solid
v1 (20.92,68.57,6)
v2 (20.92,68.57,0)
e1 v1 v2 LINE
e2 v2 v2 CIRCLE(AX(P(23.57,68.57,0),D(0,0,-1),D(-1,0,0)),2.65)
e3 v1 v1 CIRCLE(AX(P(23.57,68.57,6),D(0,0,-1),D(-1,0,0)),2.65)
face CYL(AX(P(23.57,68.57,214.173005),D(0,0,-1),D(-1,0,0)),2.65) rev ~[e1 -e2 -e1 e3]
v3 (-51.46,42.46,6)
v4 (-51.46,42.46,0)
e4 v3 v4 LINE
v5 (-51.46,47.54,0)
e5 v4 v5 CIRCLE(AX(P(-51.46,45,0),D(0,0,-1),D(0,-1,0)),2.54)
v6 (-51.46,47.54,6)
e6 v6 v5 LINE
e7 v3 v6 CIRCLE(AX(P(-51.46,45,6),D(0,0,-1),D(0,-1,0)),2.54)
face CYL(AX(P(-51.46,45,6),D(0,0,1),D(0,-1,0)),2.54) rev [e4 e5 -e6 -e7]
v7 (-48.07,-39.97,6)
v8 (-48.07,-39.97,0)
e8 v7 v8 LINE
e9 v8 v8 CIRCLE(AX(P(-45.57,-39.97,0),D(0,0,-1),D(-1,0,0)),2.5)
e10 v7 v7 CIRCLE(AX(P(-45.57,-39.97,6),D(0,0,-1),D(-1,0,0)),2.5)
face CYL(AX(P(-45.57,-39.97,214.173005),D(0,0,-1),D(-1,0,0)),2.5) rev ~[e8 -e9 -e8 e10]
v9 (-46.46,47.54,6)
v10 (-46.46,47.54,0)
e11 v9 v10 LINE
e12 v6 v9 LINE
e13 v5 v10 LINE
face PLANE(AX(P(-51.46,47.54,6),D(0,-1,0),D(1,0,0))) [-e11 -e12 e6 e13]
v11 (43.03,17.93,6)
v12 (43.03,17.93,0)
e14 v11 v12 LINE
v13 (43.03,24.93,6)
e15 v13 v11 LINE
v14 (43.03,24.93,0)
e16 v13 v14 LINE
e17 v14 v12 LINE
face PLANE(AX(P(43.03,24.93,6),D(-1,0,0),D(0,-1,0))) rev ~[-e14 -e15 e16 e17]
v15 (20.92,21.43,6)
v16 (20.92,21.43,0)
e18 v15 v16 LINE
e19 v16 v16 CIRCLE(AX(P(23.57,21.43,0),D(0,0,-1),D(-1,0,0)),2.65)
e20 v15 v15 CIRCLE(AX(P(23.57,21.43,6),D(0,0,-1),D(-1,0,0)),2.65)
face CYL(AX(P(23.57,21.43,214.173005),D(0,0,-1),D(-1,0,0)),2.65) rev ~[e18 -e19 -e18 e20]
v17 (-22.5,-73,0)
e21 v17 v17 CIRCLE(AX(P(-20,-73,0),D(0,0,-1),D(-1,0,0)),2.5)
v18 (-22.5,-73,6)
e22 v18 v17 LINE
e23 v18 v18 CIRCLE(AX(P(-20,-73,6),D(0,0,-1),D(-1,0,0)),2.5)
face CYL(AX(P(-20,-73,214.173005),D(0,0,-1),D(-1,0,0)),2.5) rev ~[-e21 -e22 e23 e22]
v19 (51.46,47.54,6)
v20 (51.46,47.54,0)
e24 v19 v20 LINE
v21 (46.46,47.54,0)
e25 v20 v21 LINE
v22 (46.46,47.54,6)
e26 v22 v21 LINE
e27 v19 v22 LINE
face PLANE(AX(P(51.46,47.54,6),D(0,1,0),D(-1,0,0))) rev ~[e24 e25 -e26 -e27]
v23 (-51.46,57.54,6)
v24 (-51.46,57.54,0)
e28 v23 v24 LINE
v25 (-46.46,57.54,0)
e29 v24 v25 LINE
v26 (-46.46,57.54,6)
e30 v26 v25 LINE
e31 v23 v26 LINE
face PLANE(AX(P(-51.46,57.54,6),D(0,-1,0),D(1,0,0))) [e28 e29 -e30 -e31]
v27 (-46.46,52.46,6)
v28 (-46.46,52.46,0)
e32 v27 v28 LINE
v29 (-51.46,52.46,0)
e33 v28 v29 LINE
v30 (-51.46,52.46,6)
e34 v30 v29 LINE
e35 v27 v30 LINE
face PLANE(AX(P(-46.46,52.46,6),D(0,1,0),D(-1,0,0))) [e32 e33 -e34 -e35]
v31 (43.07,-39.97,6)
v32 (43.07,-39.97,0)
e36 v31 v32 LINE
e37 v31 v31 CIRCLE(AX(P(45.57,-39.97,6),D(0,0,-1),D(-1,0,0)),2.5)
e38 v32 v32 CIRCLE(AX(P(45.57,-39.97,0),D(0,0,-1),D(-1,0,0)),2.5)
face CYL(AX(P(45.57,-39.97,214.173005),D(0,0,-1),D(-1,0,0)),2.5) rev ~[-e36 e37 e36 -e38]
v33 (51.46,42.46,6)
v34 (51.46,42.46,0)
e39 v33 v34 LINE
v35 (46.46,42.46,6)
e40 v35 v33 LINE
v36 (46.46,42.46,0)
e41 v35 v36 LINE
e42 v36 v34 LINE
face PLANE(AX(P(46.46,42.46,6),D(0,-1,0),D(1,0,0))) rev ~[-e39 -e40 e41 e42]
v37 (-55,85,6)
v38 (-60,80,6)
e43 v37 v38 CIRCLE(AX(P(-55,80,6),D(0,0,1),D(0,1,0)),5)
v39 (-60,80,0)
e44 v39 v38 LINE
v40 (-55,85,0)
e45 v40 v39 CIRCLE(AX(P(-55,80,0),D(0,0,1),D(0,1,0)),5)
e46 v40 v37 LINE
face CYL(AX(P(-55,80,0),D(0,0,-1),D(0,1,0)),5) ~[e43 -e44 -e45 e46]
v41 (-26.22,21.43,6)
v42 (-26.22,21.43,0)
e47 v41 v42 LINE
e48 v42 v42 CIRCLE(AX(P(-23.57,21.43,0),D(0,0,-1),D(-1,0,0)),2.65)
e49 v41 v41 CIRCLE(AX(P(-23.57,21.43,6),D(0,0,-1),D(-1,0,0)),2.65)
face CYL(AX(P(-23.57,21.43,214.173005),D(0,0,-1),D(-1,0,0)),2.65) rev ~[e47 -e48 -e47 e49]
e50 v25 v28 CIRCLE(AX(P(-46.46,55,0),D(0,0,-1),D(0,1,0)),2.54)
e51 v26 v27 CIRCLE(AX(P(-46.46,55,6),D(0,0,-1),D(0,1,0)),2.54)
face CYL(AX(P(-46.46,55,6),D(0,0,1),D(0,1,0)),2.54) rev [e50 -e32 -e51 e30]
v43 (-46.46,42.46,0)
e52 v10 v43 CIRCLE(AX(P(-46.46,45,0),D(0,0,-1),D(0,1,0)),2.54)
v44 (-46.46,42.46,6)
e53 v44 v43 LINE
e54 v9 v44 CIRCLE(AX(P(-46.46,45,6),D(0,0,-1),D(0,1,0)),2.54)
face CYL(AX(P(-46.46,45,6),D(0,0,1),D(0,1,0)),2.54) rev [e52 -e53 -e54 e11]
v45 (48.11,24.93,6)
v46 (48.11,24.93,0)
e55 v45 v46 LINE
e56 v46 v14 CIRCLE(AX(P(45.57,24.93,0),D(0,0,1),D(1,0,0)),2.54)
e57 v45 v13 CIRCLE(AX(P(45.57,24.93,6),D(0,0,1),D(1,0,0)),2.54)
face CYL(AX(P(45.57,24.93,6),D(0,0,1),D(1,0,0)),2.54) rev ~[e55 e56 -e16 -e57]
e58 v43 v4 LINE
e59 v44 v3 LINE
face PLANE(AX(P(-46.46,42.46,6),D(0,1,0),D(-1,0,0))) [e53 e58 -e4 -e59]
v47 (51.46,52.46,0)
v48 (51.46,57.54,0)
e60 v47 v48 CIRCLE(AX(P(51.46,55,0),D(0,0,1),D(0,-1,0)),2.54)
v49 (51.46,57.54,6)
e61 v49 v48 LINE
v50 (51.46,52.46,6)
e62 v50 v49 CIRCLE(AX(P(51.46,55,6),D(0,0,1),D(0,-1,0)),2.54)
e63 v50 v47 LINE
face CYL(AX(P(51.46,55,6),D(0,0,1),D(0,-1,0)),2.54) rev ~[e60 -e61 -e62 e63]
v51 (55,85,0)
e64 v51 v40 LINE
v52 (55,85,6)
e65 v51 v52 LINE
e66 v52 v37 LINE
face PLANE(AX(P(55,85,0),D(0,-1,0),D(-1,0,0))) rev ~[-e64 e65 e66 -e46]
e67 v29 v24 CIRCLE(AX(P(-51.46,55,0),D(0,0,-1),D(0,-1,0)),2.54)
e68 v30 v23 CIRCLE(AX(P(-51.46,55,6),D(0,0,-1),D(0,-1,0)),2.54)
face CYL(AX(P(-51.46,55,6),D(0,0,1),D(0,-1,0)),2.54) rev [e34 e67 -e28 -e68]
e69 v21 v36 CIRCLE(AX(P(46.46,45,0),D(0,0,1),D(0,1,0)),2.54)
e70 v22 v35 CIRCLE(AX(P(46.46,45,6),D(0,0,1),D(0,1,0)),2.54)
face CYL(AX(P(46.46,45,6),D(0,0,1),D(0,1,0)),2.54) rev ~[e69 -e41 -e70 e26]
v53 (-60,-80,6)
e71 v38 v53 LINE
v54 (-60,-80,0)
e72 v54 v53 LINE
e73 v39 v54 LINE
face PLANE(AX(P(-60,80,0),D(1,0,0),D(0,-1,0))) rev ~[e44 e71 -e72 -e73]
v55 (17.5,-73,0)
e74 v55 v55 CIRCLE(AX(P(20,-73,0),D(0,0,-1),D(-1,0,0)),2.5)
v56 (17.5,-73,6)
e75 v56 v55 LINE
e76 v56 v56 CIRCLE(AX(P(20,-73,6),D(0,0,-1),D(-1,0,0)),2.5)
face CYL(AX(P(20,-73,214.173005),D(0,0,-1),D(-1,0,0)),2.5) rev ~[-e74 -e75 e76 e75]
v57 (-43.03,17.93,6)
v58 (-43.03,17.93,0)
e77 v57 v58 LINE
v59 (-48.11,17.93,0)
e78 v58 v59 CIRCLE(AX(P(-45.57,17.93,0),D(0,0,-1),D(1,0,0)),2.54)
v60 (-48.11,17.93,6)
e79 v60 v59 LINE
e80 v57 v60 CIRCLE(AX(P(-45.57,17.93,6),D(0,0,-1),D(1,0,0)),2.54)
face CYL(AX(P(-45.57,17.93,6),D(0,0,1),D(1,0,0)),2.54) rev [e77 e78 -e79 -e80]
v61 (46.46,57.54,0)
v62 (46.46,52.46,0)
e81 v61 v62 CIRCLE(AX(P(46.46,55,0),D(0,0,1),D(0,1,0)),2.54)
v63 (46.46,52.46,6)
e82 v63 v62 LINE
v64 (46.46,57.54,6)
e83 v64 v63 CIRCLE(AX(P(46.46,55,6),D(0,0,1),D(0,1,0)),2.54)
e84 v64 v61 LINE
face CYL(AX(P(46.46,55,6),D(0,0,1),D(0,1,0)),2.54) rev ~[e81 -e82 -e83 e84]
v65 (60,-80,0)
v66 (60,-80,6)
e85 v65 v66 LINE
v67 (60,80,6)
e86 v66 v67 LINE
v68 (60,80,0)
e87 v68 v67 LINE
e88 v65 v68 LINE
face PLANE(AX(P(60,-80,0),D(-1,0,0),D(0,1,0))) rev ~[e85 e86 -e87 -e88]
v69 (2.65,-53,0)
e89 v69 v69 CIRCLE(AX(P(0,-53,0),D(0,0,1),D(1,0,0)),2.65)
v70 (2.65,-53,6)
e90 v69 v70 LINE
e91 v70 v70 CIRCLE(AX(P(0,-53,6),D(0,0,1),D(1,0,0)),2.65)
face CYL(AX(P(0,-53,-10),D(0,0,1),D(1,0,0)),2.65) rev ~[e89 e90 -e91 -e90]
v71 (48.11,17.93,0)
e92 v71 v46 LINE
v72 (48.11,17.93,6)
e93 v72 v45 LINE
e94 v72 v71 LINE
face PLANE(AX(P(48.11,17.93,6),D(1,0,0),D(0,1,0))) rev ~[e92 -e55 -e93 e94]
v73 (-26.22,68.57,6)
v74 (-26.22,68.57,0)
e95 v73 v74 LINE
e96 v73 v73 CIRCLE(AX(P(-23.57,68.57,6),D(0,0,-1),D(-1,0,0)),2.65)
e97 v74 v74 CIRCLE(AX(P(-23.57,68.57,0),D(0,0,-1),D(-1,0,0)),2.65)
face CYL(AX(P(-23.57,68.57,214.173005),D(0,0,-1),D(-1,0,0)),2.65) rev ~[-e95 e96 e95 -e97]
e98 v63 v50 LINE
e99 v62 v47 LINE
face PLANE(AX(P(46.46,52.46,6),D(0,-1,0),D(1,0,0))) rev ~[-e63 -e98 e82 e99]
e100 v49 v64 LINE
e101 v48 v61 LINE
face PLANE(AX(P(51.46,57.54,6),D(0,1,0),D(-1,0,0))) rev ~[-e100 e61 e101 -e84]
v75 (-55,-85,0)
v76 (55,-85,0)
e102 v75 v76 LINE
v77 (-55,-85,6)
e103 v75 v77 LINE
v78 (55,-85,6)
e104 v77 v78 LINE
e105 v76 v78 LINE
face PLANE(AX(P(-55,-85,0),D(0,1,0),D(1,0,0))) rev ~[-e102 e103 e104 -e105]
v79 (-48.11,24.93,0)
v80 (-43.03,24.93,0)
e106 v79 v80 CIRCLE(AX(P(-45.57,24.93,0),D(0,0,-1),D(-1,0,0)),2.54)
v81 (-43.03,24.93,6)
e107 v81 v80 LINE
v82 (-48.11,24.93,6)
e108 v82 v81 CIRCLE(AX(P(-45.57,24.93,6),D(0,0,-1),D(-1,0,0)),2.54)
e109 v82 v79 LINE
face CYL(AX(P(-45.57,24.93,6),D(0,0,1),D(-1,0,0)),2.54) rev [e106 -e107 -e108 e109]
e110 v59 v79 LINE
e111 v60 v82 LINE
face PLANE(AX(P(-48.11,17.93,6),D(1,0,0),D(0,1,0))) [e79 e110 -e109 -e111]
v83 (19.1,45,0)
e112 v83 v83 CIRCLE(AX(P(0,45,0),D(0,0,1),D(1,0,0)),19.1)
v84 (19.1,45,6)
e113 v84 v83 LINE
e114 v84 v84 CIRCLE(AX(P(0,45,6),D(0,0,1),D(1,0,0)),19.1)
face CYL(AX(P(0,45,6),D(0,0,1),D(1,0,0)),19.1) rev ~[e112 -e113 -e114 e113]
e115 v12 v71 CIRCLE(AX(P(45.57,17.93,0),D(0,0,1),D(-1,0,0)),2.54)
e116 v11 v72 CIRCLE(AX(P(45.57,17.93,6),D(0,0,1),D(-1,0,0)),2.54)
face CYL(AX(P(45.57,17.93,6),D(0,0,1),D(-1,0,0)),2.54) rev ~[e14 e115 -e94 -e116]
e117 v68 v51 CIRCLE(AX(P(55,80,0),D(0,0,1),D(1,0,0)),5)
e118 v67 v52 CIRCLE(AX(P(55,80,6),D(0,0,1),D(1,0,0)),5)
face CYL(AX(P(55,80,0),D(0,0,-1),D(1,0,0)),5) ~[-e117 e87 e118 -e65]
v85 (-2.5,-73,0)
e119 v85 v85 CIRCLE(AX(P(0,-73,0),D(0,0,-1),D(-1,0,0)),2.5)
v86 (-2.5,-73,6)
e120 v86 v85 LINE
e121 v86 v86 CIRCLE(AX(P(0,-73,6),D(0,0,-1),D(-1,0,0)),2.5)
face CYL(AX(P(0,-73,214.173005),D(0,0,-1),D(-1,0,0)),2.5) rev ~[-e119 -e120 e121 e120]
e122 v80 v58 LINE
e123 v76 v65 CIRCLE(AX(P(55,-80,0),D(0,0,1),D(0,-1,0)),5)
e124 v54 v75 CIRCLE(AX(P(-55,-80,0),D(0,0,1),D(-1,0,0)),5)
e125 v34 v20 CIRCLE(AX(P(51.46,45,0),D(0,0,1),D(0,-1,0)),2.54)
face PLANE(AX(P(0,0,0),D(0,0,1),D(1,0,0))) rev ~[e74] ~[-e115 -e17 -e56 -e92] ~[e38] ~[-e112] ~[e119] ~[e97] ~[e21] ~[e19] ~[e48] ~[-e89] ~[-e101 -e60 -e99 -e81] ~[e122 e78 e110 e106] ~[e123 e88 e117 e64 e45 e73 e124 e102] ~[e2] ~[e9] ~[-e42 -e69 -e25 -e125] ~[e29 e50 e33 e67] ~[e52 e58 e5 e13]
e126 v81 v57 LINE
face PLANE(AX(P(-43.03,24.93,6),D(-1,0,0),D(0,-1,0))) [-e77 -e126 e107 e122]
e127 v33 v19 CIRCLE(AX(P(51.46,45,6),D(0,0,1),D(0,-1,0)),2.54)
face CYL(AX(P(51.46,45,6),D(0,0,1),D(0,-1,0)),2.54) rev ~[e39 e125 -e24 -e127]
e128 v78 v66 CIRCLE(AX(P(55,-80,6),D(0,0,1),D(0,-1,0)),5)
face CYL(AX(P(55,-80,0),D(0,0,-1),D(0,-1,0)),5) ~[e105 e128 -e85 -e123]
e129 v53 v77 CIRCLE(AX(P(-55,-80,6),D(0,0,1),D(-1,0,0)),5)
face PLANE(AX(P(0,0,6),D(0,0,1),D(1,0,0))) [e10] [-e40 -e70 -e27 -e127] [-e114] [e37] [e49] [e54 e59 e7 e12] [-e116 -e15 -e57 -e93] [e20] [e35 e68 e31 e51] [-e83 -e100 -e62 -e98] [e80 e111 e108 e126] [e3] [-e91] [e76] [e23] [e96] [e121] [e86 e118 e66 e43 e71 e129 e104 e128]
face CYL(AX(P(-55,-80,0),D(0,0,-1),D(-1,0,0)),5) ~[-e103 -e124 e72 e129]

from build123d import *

# Parameters (mm, degrees)
BOSS_EXTRUDE1_DEPTH      = 6
SKETCH3_R                = 19.1
CUT_EXTRUDE1_DEPTH       = 6
M5_CLEARANCE_HOLE1_D     = 5.3
CUT_EXTRUDE2_DEPTH       = 6
CUT_EXTRUDE4_DEPTH       = 6
F_5_0_5_DIAMETER_HOLE4_D = 5
M5_CLEARANCE_HOLE2_D     = 5.3
M5_CLEARANCE_HOLE2_DEPTH = 10
M5_CLEARANCE_HOLE2_TIP   = 1.59228064


with BuildPart() as part:
    # Sketch1 → Boss-Extrude1 (new body)
    with BuildSketch(Plane.XY):
        with BuildLine():
            Line((-55, -85), (55, -85))
            ThreePointArc((55, -85), (58.535533906, -83.535533906), (60, -80))
            Line((60, -80), (60, 80))
            ThreePointArc((60, 80), (58.535533906, 83.535533906), (55, 85))
            Line((55, 85), (-55, 85))
            ThreePointArc((-55, 85), (-58.535533906, 83.535533906), (-60, 80))
            Line((-60, 80), (-60, -80))
            ThreePointArc((-60, -80), (-58.535533906, -83.535533906), (-55, -85))
        make_face()
    extrude(amount=BOSS_EXTRUDE1_DEPTH)

    # Sketch3 → Cut-Extrude1 (cut)
    with BuildSketch(Plane.XY.offset(6)):
        with Locations((0, 45)):
            Circle(SKETCH3_R)
    extrude(amount=-CUT_EXTRUDE1_DEPTH, mode=Mode.SUBTRACT)

    # M5 Clearance Hole1 (through all)
    with Locations(Plane.XY.offset(6)):
        with Locations((-23.57, 68.57), (23.57, 68.57), (23.57, 21.43), (-23.57, 21.43)):
            Hole(M5_CLEARANCE_HOLE1_D / 2)

    # Sketch11 → Cut-Extrude2 (cut)
    with BuildSketch(Plane.XY.offset(6)):
        with BuildLine():
            Line((-43.03, 24.93), (-43.03, 17.93))
            ThreePointArc((-43.03, 17.93), (-45.57, 15.39), (-48.11, 17.93))
            Line((-48.11, 17.93), (-48.11, 24.93))
            ThreePointArc((-48.11, 24.93), (-45.57, 27.47), (-43.03, 24.93))
        make_face()
        with BuildLine():
            Line((43.03, 24.93), (43.03, 17.93))
            ThreePointArc((43.03, 17.93), (45.57, 15.39), (48.11, 17.93))
            Line((48.11, 17.93), (48.11, 24.93))
            ThreePointArc((48.11, 24.93), (45.57, 27.47), (43.03, 24.93))
        make_face()
    extrude(amount=-CUT_EXTRUDE2_DEPTH, mode=Mode.SUBTRACT)

    # Sketch15 → Cut-Extrude4 (cut)
    with BuildSketch(Plane.XY.offset(6)):
        with BuildLine():
            Line((-51.46, 47.54), (-46.46, 47.54))
            ThreePointArc((-46.46, 47.54), (-43.92, 45), (-46.46, 42.46))
            Line((-46.46, 42.46), (-51.46, 42.46))
            ThreePointArc((-51.46, 42.46), (-54, 45), (-51.46, 47.54))
        make_face()
        with BuildLine():
            Line((-51.46, 57.54), (-46.46, 57.54))
            ThreePointArc((-46.46, 57.54), (-43.92, 55), (-46.46, 52.46))
            Line((-46.46, 52.46), (-51.46, 52.46))
            ThreePointArc((-51.46, 52.46), (-54, 55), (-51.46, 57.54))
        make_face()
        with BuildLine():
            Line((51.46, 47.54), (46.46, 47.54))
            ThreePointArc((46.46, 47.54), (43.92, 45), (46.46, 42.46))
            Line((46.46, 42.46), (51.46, 42.46))
            ThreePointArc((51.46, 42.46), (54, 45), (51.46, 47.54))
        make_face()
        with BuildLine():
            Line((51.46, 57.54), (46.46, 57.54))
            ThreePointArc((46.46, 57.54), (43.92, 55), (46.46, 52.46))
            Line((46.46, 52.46), (51.46, 52.46))
            ThreePointArc((51.46, 52.46), (54, 55), (51.46, 57.54))
        make_face()
    extrude(amount=-CUT_EXTRUDE4_DEPTH, mode=Mode.SUBTRACT)

    # Ø5.0 (5) Diameter Hole4 (through all)
    with Locations(Plane.XY.offset(6)):
        with Locations((-45.57, -39.97), (45.57, -39.97), (20, -73), (0, -73), (-20, -73)):
            Hole(F_5_0_5_DIAMETER_HOLE4_D / 2)

    # M5 Clearance Hole2
    with Locations(Plane(origin=(0, 0, 0), x_dir=(-1, 0, 0), z_dir=(0, 0, -1))):
        with Locations((0, -53)):
            Hole(M5_CLEARANCE_HOLE2_D / 2, depth=M5_CLEARANCE_HOLE2_DEPTH)
            with Locations((0, 0, -(M5_CLEARANCE_HOLE2_DEPTH + M5_CLEARANCE_HOLE2_TIP / 2))):  # 118° drill point
                Cone(0, M5_CLEARANCE_HOLE2_D / 2, M5_CLEARANCE_HOLE2_TIP, mode=Mode.SUBTRACT)


solid = part.part
